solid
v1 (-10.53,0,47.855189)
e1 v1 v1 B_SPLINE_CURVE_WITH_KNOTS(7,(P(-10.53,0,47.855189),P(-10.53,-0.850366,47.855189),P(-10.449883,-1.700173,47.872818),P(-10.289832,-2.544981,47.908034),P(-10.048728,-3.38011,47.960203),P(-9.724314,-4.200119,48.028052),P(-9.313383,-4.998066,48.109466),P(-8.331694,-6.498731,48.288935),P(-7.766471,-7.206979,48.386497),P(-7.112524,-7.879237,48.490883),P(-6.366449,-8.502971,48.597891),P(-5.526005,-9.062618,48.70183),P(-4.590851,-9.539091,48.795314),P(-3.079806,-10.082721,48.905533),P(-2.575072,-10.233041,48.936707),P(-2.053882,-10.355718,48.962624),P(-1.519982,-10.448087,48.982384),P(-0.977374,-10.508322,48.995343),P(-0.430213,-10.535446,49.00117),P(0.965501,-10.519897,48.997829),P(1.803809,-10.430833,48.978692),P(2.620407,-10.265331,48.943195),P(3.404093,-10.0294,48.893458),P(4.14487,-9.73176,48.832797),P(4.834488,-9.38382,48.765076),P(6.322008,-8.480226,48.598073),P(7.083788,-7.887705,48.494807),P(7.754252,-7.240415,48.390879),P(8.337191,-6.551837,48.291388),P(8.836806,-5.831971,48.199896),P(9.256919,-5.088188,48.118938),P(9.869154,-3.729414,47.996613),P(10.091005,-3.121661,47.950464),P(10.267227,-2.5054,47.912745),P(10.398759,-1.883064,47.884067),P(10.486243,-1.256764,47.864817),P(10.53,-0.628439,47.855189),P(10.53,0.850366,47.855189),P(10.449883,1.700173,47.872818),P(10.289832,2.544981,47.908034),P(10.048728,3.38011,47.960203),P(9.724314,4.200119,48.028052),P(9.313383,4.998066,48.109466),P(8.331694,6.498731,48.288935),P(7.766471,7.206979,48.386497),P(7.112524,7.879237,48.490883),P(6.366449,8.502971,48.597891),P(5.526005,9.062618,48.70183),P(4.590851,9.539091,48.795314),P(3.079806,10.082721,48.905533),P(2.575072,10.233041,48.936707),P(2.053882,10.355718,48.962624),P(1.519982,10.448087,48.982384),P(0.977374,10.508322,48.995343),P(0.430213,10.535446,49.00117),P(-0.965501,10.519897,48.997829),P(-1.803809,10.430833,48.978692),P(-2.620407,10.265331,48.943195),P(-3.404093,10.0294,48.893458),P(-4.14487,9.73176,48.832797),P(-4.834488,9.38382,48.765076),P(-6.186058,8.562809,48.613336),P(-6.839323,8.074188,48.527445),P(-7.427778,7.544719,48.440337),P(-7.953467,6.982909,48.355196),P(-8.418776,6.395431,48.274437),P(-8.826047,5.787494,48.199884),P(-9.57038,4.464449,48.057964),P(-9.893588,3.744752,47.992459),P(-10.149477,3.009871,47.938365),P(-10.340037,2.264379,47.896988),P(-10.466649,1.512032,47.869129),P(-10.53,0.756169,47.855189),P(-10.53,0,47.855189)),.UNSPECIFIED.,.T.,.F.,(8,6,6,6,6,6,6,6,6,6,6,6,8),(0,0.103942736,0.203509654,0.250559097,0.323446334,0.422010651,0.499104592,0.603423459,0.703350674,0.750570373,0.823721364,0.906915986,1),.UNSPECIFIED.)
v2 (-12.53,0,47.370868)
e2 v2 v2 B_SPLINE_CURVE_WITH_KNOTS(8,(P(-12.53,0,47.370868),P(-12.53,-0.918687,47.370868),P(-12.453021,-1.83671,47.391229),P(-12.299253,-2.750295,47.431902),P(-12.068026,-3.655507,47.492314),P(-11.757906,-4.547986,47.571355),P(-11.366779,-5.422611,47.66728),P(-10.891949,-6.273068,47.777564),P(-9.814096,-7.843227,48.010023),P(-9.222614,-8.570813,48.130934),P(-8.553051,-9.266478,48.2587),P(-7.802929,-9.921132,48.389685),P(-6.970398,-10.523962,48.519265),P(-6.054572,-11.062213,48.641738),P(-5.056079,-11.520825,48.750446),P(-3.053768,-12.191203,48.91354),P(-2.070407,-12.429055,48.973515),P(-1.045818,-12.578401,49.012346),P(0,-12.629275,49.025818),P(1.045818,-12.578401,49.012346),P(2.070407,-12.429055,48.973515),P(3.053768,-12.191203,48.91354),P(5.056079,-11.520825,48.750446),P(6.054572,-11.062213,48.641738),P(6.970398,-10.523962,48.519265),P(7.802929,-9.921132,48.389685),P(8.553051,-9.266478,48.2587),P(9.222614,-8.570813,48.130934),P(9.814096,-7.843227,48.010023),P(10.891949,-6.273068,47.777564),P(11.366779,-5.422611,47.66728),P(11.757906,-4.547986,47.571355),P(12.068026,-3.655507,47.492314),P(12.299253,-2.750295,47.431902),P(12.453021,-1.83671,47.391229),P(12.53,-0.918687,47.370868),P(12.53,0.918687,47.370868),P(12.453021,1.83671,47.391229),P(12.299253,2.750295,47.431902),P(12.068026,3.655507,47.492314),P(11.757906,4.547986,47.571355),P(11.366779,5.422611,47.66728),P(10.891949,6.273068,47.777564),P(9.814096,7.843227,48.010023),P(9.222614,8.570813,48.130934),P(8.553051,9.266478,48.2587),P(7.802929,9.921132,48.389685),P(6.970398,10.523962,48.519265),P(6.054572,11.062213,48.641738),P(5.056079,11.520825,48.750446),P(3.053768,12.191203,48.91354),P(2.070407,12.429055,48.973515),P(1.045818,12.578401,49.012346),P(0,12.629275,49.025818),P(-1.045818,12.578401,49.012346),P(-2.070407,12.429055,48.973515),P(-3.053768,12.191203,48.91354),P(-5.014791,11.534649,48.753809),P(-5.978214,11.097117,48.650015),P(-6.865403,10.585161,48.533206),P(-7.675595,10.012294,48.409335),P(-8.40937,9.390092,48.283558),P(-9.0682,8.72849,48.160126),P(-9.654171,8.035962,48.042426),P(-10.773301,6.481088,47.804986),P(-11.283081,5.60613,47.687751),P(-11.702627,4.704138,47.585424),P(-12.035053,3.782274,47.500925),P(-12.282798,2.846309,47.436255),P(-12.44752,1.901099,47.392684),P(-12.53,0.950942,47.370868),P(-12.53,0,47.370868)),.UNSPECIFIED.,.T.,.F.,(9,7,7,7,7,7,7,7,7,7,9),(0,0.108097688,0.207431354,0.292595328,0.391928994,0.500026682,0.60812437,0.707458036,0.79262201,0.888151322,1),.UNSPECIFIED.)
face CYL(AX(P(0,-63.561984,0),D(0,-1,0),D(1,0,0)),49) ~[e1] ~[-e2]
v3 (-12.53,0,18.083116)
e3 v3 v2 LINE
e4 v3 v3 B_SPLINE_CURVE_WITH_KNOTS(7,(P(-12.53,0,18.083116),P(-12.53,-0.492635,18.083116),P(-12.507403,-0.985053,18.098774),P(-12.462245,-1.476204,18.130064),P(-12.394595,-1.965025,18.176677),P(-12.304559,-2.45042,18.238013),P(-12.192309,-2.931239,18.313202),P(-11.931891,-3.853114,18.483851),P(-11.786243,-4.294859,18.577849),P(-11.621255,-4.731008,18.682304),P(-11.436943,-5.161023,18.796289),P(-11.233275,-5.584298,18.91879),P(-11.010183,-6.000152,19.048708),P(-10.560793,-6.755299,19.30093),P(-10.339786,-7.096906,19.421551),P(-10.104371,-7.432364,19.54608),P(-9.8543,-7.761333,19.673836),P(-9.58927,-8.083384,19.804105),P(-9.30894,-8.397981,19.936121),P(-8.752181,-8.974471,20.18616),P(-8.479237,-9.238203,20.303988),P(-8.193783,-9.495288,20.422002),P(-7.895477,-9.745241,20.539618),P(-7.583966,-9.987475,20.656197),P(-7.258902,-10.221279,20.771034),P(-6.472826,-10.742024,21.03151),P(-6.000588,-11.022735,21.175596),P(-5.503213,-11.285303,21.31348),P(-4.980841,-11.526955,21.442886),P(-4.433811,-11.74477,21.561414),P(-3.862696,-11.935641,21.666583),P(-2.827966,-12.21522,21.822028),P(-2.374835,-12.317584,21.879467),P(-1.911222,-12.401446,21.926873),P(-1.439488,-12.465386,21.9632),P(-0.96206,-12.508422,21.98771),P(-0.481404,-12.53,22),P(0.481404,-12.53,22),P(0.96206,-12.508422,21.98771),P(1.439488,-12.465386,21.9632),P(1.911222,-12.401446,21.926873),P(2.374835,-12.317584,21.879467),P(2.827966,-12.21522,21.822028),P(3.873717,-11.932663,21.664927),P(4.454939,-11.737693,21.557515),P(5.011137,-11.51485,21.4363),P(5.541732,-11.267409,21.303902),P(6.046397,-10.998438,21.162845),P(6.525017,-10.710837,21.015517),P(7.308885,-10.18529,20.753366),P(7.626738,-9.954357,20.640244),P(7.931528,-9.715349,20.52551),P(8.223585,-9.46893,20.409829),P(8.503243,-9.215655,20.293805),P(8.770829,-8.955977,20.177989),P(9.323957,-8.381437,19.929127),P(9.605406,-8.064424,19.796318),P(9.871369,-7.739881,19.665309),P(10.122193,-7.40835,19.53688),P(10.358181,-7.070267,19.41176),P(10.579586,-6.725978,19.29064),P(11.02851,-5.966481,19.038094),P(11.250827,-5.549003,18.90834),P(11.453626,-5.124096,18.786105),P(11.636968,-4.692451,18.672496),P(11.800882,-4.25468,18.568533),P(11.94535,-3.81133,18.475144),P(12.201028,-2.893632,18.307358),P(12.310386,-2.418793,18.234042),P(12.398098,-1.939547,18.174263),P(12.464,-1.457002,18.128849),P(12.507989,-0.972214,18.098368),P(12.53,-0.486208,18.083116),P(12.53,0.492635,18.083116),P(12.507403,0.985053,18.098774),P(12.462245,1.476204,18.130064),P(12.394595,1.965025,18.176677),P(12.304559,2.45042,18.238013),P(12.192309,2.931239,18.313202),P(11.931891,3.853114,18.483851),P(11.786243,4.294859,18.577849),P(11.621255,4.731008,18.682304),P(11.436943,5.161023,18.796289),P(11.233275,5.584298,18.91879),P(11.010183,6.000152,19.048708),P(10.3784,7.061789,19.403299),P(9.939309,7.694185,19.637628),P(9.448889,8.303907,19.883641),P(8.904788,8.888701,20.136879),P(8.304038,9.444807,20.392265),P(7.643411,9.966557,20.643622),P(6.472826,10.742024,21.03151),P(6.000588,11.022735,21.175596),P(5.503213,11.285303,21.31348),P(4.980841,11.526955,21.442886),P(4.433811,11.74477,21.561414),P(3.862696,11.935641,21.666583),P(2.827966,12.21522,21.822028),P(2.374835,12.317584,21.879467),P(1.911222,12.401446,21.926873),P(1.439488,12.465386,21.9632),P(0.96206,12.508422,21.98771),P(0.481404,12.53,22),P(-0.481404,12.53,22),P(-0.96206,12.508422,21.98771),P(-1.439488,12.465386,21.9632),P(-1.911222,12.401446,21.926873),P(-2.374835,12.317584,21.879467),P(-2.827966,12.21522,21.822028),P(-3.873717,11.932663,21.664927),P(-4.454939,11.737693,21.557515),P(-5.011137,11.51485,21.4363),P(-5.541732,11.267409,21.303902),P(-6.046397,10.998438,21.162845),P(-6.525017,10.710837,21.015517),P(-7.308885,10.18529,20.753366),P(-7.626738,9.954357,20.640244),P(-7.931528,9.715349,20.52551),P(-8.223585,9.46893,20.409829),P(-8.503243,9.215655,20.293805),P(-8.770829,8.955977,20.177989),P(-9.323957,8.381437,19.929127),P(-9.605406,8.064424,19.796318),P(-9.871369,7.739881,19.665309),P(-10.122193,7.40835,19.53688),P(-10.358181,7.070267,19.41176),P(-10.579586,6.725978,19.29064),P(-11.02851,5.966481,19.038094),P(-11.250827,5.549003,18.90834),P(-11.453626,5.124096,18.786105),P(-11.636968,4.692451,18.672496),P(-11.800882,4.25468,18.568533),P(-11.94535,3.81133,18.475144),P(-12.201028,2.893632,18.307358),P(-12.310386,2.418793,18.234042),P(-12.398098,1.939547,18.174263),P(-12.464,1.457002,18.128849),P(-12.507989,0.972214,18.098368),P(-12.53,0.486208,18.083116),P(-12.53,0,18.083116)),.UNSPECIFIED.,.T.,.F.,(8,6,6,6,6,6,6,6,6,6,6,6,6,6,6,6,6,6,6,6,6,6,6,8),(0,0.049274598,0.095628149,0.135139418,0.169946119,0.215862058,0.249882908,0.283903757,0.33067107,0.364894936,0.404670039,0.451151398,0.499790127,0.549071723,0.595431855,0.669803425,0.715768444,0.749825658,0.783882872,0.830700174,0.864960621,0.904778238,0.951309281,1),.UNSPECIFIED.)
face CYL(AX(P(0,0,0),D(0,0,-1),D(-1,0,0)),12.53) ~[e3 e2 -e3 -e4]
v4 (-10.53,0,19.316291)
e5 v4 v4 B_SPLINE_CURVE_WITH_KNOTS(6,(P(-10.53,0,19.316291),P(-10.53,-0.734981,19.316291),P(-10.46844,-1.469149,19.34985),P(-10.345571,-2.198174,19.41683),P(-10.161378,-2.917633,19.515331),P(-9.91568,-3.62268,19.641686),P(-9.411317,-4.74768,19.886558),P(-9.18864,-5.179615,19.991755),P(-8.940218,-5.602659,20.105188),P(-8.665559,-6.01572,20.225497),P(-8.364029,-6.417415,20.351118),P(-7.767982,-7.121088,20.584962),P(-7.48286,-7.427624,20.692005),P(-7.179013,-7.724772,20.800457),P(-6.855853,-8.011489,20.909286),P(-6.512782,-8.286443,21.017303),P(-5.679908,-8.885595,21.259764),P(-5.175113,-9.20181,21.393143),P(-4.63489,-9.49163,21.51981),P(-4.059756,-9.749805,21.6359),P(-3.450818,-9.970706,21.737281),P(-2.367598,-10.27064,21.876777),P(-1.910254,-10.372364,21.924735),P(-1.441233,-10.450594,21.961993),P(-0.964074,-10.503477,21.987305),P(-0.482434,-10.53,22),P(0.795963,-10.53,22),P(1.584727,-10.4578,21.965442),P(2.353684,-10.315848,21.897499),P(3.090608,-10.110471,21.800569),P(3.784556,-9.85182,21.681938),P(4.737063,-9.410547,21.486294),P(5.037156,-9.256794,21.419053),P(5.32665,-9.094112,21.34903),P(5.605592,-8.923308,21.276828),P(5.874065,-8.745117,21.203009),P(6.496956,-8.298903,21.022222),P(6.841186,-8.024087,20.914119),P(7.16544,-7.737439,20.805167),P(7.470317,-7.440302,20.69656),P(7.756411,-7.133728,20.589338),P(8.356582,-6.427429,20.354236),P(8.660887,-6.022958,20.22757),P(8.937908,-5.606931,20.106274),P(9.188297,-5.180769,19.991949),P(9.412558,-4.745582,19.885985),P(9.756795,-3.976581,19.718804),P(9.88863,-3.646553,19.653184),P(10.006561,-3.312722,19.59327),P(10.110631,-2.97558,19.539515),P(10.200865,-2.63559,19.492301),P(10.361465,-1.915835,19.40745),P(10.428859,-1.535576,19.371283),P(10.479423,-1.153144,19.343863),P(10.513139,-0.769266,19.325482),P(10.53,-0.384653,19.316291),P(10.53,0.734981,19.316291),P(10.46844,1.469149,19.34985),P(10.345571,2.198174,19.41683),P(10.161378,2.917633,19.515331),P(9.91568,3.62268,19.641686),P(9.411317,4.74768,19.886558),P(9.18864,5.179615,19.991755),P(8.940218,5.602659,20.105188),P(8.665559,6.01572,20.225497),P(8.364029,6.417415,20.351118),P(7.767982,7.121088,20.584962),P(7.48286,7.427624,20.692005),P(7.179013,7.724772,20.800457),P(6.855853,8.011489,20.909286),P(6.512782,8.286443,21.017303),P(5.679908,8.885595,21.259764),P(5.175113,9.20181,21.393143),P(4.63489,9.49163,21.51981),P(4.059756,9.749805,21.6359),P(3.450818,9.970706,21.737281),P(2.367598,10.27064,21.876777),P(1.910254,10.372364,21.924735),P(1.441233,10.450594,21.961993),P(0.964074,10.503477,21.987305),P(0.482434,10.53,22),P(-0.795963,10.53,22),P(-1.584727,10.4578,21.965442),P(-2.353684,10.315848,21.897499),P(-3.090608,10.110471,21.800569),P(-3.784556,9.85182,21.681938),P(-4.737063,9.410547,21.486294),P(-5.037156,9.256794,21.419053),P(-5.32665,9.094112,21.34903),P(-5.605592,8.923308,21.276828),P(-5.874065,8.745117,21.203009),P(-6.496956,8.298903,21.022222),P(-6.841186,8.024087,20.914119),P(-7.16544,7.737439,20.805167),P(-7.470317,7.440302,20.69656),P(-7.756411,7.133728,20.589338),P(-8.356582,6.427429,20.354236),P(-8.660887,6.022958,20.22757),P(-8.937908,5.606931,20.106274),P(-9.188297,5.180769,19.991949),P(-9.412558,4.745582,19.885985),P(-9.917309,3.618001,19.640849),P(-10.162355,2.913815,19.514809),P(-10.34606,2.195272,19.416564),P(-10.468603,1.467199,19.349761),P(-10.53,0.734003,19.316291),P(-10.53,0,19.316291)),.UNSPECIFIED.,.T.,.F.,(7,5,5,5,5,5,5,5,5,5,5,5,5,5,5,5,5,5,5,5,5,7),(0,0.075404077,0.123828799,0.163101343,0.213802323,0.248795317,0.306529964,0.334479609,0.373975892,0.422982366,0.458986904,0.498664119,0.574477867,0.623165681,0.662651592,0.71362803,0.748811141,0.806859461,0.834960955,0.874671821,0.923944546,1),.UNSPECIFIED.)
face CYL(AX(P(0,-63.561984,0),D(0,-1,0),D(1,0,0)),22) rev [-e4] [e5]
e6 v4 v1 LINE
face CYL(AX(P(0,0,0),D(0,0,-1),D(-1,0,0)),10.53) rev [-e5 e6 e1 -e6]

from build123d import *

# Parameters (mm, degrees)
SKETCH1_R               = 12.53
SKETCH1_R_2             = 10.53
BOSS_EXTRUDE1_DEPTH     = 60
CUT_EXTRUDE1_DEPTH      = 63.561983664
CUT_EXTRUDE1_DEPTH_BACK = 63.561983664
SKETCH2_R               = 74.589724577
SKETCH2_R_2             = 49
SKETCH2_R_3             = 22


with BuildPart() as part:
    # Sketch1 → Boss-Extrude1 (new body)
    with BuildSketch(Plane.XY):
        with Locations(Location((0, 0, 0), (0, 0, 180))):
            Circle(SKETCH1_R)
        with Locations(Location((0, 0, 0), (0, 0, 180))):
            Circle(SKETCH1_R_2, mode=Mode.SUBTRACT)
    extrude(amount=BOSS_EXTRUDE1_DEPTH)

    # Sketch2 → Cut-Extrude1 (cut, two sides: drawn at the far end of the back side and taken through both)
    # profile 1 of 2: a face of its own
    with BuildSketch(Plane(origin=(0, 0, 0), x_dir=(1, 0, 0), z_dir=(0, 1, 0)).offset(-CUT_EXTRUDE1_DEPTH_BACK)):
        Circle(SKETCH2_R)
        Circle(SKETCH2_R_2, mode=Mode.SUBTRACT)
    # profile 2 of 2: a face of its own
    with BuildSketch(Plane(origin=(0, 0, 0), x_dir=(1, 0, 0), z_dir=(0, 1, 0)).offset(-CUT_EXTRUDE1_DEPTH_BACK)):
        Circle(SKETCH2_R_3)
    extrude(amount=CUT_EXTRUDE1_DEPTH + CUT_EXTRUDE1_DEPTH_BACK, mode=Mode.SUBTRACT)


solid = part.part
